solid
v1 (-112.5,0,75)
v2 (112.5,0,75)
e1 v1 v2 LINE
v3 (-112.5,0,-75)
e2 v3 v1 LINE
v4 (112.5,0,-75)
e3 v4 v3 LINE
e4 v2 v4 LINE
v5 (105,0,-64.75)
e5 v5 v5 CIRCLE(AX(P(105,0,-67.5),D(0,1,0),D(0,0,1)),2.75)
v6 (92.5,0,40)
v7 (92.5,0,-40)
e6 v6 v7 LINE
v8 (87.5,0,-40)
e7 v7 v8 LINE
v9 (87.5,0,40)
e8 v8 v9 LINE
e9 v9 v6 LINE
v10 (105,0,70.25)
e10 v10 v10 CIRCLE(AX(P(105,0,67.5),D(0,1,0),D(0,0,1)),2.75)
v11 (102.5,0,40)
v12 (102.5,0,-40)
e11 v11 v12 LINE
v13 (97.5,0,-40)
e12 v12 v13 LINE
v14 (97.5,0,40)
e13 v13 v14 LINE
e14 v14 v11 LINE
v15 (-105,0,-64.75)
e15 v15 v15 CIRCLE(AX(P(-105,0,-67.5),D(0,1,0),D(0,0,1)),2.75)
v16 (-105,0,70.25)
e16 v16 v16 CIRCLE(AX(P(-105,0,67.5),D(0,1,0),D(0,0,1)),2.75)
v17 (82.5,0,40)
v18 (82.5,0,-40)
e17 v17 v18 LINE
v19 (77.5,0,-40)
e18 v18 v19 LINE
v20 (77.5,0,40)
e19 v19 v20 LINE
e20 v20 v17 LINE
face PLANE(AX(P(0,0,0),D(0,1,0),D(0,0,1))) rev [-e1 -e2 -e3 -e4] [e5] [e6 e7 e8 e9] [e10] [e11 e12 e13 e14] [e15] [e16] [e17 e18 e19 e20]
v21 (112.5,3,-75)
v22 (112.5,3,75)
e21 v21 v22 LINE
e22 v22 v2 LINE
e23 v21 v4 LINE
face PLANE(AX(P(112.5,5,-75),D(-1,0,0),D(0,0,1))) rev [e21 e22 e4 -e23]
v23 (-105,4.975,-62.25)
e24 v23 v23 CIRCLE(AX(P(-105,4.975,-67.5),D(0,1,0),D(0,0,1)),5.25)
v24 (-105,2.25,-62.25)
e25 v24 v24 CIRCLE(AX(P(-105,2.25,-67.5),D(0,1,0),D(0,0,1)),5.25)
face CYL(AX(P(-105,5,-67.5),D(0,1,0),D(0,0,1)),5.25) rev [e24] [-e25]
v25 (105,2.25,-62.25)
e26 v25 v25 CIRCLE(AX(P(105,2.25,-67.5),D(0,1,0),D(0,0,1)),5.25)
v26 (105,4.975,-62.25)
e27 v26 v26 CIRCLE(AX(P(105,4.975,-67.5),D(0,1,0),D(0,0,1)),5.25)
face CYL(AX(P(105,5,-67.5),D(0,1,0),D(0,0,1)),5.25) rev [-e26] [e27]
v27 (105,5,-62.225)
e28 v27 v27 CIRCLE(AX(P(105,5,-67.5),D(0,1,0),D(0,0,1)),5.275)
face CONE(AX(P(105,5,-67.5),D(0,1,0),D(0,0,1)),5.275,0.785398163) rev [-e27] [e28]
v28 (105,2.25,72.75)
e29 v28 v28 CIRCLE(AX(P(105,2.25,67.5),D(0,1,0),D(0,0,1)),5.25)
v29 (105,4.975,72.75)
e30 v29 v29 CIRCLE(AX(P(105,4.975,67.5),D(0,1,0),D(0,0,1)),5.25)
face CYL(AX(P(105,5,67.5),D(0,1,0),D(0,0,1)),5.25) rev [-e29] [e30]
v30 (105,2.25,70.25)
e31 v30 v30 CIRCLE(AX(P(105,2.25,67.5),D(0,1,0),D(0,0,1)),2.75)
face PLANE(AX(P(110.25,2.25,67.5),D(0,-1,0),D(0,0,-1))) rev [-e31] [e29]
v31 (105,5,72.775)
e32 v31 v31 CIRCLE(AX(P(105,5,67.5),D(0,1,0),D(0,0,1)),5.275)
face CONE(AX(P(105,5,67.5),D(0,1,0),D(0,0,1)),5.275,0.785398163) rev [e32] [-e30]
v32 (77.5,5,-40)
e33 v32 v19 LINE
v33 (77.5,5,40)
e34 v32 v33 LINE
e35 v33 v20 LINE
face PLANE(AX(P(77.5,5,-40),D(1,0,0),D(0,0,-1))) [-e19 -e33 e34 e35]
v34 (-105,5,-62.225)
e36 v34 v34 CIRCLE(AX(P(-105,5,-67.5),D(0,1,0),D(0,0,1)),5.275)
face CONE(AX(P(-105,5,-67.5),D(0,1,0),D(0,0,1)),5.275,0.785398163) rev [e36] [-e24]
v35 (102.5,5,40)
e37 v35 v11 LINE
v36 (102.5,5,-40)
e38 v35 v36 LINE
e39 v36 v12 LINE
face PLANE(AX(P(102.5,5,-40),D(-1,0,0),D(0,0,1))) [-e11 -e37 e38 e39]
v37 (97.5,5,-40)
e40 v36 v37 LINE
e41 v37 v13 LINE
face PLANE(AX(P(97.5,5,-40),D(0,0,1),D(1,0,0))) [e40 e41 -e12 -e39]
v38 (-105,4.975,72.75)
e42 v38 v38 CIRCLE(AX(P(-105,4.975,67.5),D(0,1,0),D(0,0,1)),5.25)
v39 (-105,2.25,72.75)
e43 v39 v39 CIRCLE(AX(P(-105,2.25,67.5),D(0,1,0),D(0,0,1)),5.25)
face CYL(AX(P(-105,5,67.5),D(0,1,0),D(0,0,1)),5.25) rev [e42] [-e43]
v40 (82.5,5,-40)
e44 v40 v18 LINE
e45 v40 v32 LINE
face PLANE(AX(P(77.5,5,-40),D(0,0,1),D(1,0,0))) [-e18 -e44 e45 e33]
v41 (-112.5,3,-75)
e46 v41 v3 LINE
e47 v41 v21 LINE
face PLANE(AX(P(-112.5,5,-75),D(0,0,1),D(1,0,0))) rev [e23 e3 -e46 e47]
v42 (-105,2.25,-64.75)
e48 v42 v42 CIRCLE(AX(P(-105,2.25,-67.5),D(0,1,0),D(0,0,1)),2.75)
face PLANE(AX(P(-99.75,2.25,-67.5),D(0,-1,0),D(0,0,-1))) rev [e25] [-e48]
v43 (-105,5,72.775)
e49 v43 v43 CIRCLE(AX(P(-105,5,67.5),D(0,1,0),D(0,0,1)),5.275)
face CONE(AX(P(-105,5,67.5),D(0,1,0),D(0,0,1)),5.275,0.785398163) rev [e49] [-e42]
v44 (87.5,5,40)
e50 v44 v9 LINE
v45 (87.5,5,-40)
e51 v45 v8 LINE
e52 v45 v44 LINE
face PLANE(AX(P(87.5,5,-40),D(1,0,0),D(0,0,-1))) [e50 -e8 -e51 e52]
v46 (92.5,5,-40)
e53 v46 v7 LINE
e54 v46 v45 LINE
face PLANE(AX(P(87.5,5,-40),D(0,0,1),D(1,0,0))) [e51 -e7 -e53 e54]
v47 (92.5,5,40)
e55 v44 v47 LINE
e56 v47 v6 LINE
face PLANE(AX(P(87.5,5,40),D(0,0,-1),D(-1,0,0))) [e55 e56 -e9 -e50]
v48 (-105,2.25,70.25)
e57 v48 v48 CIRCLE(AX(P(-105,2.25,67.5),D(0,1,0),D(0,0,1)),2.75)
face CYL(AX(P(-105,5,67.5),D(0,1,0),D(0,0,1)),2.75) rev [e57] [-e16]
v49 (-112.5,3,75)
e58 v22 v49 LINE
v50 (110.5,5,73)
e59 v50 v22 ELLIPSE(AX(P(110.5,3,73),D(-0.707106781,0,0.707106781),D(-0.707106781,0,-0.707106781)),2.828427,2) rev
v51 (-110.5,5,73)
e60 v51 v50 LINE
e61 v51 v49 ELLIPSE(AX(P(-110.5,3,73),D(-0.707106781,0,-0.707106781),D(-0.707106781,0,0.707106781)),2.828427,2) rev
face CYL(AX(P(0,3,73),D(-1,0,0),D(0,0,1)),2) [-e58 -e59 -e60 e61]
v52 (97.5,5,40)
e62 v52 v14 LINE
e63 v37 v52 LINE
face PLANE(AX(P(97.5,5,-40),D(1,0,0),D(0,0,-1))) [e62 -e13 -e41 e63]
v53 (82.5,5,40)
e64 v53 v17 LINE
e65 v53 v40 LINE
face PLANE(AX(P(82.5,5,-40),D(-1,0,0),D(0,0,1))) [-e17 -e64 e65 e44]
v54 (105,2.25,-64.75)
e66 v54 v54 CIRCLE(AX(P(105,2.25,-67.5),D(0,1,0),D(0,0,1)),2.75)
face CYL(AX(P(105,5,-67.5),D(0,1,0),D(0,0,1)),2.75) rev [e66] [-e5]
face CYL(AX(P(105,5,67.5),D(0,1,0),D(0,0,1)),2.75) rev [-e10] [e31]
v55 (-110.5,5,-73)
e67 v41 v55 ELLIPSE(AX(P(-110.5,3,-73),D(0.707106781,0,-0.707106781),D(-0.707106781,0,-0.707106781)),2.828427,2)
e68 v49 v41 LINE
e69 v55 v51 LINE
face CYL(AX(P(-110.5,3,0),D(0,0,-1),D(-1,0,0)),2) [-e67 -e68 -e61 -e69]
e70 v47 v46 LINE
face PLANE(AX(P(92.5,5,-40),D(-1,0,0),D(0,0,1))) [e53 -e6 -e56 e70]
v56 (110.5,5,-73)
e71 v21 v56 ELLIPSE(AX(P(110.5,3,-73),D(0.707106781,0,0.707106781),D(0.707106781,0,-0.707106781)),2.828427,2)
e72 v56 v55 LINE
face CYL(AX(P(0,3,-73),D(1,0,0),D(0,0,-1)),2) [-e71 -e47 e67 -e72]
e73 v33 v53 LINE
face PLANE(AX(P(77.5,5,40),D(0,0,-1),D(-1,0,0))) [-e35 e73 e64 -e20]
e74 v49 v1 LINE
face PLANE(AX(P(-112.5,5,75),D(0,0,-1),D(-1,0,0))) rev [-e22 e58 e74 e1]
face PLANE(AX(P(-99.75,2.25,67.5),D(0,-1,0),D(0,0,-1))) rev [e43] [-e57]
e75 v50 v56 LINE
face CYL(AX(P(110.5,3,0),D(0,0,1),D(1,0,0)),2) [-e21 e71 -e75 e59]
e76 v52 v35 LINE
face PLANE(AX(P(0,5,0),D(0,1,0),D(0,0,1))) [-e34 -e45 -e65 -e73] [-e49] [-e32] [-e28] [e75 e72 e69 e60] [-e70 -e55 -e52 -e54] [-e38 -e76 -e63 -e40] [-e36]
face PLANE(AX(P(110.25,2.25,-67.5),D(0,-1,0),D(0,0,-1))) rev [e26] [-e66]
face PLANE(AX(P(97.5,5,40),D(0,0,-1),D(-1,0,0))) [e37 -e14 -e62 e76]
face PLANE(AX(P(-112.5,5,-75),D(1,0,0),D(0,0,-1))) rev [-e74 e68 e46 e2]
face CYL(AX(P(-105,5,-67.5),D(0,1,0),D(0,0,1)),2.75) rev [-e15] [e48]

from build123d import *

# Parameters (mm, degrees)
SKETCH1_W                      = 225
SKETCH1_H                      = 150
SKETCH1_W_2                    = 5
SKETCH1_H_2                    = 80
BOSS_EXTRUDE1_DEPTH            = 5
CBORE_FOR_M5_SBHCS1_AT_2_COUNT = 2
CBORE_FOR_M5_SBHCS1_AT_2_PITCH = 210
CBORE_FOR_M5_SBHCS1_AT_3_COUNT = 2
CBORE_FOR_M5_SBHCS1_AT_3_PITCH = 135
CBORE_FOR_M5_SBHCS1_AT_4_COUNT = 2
CBORE_FOR_M5_SBHCS1_AT_4_PITCH = 249.649754656
FILLET1_R                      = 2


with BuildPart() as part:
    # Sketch1 → Boss-Extrude1 (new body)
    with BuildSketch(Plane(origin=(0, 0, 0), x_dir=(1, 0, 0), z_dir=(0, 1, 0))):
        Rectangle(SKETCH1_W, SKETCH1_H)
        with Locations((100, 0)):
            Rectangle(SKETCH1_W_2, SKETCH1_H_2, mode=Mode.SUBTRACT)
        with Locations((90, 0)):
            Rectangle(SKETCH1_W_2, SKETCH1_H_2, mode=Mode.SUBTRACT)
        with Locations((80, 0)):
            Rectangle(SKETCH1_W_2, SKETCH1_H_2, mode=Mode.SUBTRACT)
    extrude(amount=BOSS_EXTRUDE1_DEPTH)

    # Sketch3 → CBORE for M5 SBHCS1 (revolve, cut)
    with BuildSketch(Plane(origin=(-105, 5, -67.5), x_dir=(0, 0, 1), z_dir=(1, 0, 0))):
        Polygon((0, 0), (0, 5), (2.75, 5), (2.75, 2.75), (5.25, 2.75), (5.25, 0.025), (5.275, 0), align=None)
    cbore_for_m5_sbhcs1 = revolve(axis=Axis((-105, 11.35, -67.5), (0, -1, 0)), mode=Mode.SUBTRACT)

    # CBORE for M5 SBHCS1 at 2: CBORE for M5 SBHCS1 ×2
    with Locations(*[(i * CBORE_FOR_M5_SBHCS1_AT_2_PITCH, 0, 0) for i in range(1, CBORE_FOR_M5_SBHCS1_AT_2_COUNT)]):
        add(cbore_for_m5_sbhcs1, mode=Mode.SUBTRACT)

    # CBORE for M5 SBHCS1 at 3: CBORE for M5 SBHCS1 ×2
    with Locations(*[(0, 0, i * CBORE_FOR_M5_SBHCS1_AT_3_PITCH) for i in range(1, CBORE_FOR_M5_SBHCS1_AT_3_COUNT)]):
        add(cbore_for_m5_sbhcs1, mode=Mode.SUBTRACT)

    # CBORE for M5 SBHCS1 at 4: CBORE for M5 SBHCS1 ×2
    with Locations(*[Vector(0.8411784753765537, 0, 0.5407575913134988) * (i * CBORE_FOR_M5_SBHCS1_AT_4_PITCH) for i in range(1, CBORE_FOR_M5_SBHCS1_AT_4_COUNT)]):
        add(cbore_for_m5_sbhcs1, mode=Mode.SUBTRACT)

    # Fillet1
    fillet1_edges = [part.edges().sort_by_distance(p)[0] for p in [
        (-112.5, 5, 0),
        (0, 5, 75),
        (112.5, 5, 0),
        (0, 5, -75),
    ]]
    fillet(fillet1_edges, radius=FILLET1_R)


solid = part.part
